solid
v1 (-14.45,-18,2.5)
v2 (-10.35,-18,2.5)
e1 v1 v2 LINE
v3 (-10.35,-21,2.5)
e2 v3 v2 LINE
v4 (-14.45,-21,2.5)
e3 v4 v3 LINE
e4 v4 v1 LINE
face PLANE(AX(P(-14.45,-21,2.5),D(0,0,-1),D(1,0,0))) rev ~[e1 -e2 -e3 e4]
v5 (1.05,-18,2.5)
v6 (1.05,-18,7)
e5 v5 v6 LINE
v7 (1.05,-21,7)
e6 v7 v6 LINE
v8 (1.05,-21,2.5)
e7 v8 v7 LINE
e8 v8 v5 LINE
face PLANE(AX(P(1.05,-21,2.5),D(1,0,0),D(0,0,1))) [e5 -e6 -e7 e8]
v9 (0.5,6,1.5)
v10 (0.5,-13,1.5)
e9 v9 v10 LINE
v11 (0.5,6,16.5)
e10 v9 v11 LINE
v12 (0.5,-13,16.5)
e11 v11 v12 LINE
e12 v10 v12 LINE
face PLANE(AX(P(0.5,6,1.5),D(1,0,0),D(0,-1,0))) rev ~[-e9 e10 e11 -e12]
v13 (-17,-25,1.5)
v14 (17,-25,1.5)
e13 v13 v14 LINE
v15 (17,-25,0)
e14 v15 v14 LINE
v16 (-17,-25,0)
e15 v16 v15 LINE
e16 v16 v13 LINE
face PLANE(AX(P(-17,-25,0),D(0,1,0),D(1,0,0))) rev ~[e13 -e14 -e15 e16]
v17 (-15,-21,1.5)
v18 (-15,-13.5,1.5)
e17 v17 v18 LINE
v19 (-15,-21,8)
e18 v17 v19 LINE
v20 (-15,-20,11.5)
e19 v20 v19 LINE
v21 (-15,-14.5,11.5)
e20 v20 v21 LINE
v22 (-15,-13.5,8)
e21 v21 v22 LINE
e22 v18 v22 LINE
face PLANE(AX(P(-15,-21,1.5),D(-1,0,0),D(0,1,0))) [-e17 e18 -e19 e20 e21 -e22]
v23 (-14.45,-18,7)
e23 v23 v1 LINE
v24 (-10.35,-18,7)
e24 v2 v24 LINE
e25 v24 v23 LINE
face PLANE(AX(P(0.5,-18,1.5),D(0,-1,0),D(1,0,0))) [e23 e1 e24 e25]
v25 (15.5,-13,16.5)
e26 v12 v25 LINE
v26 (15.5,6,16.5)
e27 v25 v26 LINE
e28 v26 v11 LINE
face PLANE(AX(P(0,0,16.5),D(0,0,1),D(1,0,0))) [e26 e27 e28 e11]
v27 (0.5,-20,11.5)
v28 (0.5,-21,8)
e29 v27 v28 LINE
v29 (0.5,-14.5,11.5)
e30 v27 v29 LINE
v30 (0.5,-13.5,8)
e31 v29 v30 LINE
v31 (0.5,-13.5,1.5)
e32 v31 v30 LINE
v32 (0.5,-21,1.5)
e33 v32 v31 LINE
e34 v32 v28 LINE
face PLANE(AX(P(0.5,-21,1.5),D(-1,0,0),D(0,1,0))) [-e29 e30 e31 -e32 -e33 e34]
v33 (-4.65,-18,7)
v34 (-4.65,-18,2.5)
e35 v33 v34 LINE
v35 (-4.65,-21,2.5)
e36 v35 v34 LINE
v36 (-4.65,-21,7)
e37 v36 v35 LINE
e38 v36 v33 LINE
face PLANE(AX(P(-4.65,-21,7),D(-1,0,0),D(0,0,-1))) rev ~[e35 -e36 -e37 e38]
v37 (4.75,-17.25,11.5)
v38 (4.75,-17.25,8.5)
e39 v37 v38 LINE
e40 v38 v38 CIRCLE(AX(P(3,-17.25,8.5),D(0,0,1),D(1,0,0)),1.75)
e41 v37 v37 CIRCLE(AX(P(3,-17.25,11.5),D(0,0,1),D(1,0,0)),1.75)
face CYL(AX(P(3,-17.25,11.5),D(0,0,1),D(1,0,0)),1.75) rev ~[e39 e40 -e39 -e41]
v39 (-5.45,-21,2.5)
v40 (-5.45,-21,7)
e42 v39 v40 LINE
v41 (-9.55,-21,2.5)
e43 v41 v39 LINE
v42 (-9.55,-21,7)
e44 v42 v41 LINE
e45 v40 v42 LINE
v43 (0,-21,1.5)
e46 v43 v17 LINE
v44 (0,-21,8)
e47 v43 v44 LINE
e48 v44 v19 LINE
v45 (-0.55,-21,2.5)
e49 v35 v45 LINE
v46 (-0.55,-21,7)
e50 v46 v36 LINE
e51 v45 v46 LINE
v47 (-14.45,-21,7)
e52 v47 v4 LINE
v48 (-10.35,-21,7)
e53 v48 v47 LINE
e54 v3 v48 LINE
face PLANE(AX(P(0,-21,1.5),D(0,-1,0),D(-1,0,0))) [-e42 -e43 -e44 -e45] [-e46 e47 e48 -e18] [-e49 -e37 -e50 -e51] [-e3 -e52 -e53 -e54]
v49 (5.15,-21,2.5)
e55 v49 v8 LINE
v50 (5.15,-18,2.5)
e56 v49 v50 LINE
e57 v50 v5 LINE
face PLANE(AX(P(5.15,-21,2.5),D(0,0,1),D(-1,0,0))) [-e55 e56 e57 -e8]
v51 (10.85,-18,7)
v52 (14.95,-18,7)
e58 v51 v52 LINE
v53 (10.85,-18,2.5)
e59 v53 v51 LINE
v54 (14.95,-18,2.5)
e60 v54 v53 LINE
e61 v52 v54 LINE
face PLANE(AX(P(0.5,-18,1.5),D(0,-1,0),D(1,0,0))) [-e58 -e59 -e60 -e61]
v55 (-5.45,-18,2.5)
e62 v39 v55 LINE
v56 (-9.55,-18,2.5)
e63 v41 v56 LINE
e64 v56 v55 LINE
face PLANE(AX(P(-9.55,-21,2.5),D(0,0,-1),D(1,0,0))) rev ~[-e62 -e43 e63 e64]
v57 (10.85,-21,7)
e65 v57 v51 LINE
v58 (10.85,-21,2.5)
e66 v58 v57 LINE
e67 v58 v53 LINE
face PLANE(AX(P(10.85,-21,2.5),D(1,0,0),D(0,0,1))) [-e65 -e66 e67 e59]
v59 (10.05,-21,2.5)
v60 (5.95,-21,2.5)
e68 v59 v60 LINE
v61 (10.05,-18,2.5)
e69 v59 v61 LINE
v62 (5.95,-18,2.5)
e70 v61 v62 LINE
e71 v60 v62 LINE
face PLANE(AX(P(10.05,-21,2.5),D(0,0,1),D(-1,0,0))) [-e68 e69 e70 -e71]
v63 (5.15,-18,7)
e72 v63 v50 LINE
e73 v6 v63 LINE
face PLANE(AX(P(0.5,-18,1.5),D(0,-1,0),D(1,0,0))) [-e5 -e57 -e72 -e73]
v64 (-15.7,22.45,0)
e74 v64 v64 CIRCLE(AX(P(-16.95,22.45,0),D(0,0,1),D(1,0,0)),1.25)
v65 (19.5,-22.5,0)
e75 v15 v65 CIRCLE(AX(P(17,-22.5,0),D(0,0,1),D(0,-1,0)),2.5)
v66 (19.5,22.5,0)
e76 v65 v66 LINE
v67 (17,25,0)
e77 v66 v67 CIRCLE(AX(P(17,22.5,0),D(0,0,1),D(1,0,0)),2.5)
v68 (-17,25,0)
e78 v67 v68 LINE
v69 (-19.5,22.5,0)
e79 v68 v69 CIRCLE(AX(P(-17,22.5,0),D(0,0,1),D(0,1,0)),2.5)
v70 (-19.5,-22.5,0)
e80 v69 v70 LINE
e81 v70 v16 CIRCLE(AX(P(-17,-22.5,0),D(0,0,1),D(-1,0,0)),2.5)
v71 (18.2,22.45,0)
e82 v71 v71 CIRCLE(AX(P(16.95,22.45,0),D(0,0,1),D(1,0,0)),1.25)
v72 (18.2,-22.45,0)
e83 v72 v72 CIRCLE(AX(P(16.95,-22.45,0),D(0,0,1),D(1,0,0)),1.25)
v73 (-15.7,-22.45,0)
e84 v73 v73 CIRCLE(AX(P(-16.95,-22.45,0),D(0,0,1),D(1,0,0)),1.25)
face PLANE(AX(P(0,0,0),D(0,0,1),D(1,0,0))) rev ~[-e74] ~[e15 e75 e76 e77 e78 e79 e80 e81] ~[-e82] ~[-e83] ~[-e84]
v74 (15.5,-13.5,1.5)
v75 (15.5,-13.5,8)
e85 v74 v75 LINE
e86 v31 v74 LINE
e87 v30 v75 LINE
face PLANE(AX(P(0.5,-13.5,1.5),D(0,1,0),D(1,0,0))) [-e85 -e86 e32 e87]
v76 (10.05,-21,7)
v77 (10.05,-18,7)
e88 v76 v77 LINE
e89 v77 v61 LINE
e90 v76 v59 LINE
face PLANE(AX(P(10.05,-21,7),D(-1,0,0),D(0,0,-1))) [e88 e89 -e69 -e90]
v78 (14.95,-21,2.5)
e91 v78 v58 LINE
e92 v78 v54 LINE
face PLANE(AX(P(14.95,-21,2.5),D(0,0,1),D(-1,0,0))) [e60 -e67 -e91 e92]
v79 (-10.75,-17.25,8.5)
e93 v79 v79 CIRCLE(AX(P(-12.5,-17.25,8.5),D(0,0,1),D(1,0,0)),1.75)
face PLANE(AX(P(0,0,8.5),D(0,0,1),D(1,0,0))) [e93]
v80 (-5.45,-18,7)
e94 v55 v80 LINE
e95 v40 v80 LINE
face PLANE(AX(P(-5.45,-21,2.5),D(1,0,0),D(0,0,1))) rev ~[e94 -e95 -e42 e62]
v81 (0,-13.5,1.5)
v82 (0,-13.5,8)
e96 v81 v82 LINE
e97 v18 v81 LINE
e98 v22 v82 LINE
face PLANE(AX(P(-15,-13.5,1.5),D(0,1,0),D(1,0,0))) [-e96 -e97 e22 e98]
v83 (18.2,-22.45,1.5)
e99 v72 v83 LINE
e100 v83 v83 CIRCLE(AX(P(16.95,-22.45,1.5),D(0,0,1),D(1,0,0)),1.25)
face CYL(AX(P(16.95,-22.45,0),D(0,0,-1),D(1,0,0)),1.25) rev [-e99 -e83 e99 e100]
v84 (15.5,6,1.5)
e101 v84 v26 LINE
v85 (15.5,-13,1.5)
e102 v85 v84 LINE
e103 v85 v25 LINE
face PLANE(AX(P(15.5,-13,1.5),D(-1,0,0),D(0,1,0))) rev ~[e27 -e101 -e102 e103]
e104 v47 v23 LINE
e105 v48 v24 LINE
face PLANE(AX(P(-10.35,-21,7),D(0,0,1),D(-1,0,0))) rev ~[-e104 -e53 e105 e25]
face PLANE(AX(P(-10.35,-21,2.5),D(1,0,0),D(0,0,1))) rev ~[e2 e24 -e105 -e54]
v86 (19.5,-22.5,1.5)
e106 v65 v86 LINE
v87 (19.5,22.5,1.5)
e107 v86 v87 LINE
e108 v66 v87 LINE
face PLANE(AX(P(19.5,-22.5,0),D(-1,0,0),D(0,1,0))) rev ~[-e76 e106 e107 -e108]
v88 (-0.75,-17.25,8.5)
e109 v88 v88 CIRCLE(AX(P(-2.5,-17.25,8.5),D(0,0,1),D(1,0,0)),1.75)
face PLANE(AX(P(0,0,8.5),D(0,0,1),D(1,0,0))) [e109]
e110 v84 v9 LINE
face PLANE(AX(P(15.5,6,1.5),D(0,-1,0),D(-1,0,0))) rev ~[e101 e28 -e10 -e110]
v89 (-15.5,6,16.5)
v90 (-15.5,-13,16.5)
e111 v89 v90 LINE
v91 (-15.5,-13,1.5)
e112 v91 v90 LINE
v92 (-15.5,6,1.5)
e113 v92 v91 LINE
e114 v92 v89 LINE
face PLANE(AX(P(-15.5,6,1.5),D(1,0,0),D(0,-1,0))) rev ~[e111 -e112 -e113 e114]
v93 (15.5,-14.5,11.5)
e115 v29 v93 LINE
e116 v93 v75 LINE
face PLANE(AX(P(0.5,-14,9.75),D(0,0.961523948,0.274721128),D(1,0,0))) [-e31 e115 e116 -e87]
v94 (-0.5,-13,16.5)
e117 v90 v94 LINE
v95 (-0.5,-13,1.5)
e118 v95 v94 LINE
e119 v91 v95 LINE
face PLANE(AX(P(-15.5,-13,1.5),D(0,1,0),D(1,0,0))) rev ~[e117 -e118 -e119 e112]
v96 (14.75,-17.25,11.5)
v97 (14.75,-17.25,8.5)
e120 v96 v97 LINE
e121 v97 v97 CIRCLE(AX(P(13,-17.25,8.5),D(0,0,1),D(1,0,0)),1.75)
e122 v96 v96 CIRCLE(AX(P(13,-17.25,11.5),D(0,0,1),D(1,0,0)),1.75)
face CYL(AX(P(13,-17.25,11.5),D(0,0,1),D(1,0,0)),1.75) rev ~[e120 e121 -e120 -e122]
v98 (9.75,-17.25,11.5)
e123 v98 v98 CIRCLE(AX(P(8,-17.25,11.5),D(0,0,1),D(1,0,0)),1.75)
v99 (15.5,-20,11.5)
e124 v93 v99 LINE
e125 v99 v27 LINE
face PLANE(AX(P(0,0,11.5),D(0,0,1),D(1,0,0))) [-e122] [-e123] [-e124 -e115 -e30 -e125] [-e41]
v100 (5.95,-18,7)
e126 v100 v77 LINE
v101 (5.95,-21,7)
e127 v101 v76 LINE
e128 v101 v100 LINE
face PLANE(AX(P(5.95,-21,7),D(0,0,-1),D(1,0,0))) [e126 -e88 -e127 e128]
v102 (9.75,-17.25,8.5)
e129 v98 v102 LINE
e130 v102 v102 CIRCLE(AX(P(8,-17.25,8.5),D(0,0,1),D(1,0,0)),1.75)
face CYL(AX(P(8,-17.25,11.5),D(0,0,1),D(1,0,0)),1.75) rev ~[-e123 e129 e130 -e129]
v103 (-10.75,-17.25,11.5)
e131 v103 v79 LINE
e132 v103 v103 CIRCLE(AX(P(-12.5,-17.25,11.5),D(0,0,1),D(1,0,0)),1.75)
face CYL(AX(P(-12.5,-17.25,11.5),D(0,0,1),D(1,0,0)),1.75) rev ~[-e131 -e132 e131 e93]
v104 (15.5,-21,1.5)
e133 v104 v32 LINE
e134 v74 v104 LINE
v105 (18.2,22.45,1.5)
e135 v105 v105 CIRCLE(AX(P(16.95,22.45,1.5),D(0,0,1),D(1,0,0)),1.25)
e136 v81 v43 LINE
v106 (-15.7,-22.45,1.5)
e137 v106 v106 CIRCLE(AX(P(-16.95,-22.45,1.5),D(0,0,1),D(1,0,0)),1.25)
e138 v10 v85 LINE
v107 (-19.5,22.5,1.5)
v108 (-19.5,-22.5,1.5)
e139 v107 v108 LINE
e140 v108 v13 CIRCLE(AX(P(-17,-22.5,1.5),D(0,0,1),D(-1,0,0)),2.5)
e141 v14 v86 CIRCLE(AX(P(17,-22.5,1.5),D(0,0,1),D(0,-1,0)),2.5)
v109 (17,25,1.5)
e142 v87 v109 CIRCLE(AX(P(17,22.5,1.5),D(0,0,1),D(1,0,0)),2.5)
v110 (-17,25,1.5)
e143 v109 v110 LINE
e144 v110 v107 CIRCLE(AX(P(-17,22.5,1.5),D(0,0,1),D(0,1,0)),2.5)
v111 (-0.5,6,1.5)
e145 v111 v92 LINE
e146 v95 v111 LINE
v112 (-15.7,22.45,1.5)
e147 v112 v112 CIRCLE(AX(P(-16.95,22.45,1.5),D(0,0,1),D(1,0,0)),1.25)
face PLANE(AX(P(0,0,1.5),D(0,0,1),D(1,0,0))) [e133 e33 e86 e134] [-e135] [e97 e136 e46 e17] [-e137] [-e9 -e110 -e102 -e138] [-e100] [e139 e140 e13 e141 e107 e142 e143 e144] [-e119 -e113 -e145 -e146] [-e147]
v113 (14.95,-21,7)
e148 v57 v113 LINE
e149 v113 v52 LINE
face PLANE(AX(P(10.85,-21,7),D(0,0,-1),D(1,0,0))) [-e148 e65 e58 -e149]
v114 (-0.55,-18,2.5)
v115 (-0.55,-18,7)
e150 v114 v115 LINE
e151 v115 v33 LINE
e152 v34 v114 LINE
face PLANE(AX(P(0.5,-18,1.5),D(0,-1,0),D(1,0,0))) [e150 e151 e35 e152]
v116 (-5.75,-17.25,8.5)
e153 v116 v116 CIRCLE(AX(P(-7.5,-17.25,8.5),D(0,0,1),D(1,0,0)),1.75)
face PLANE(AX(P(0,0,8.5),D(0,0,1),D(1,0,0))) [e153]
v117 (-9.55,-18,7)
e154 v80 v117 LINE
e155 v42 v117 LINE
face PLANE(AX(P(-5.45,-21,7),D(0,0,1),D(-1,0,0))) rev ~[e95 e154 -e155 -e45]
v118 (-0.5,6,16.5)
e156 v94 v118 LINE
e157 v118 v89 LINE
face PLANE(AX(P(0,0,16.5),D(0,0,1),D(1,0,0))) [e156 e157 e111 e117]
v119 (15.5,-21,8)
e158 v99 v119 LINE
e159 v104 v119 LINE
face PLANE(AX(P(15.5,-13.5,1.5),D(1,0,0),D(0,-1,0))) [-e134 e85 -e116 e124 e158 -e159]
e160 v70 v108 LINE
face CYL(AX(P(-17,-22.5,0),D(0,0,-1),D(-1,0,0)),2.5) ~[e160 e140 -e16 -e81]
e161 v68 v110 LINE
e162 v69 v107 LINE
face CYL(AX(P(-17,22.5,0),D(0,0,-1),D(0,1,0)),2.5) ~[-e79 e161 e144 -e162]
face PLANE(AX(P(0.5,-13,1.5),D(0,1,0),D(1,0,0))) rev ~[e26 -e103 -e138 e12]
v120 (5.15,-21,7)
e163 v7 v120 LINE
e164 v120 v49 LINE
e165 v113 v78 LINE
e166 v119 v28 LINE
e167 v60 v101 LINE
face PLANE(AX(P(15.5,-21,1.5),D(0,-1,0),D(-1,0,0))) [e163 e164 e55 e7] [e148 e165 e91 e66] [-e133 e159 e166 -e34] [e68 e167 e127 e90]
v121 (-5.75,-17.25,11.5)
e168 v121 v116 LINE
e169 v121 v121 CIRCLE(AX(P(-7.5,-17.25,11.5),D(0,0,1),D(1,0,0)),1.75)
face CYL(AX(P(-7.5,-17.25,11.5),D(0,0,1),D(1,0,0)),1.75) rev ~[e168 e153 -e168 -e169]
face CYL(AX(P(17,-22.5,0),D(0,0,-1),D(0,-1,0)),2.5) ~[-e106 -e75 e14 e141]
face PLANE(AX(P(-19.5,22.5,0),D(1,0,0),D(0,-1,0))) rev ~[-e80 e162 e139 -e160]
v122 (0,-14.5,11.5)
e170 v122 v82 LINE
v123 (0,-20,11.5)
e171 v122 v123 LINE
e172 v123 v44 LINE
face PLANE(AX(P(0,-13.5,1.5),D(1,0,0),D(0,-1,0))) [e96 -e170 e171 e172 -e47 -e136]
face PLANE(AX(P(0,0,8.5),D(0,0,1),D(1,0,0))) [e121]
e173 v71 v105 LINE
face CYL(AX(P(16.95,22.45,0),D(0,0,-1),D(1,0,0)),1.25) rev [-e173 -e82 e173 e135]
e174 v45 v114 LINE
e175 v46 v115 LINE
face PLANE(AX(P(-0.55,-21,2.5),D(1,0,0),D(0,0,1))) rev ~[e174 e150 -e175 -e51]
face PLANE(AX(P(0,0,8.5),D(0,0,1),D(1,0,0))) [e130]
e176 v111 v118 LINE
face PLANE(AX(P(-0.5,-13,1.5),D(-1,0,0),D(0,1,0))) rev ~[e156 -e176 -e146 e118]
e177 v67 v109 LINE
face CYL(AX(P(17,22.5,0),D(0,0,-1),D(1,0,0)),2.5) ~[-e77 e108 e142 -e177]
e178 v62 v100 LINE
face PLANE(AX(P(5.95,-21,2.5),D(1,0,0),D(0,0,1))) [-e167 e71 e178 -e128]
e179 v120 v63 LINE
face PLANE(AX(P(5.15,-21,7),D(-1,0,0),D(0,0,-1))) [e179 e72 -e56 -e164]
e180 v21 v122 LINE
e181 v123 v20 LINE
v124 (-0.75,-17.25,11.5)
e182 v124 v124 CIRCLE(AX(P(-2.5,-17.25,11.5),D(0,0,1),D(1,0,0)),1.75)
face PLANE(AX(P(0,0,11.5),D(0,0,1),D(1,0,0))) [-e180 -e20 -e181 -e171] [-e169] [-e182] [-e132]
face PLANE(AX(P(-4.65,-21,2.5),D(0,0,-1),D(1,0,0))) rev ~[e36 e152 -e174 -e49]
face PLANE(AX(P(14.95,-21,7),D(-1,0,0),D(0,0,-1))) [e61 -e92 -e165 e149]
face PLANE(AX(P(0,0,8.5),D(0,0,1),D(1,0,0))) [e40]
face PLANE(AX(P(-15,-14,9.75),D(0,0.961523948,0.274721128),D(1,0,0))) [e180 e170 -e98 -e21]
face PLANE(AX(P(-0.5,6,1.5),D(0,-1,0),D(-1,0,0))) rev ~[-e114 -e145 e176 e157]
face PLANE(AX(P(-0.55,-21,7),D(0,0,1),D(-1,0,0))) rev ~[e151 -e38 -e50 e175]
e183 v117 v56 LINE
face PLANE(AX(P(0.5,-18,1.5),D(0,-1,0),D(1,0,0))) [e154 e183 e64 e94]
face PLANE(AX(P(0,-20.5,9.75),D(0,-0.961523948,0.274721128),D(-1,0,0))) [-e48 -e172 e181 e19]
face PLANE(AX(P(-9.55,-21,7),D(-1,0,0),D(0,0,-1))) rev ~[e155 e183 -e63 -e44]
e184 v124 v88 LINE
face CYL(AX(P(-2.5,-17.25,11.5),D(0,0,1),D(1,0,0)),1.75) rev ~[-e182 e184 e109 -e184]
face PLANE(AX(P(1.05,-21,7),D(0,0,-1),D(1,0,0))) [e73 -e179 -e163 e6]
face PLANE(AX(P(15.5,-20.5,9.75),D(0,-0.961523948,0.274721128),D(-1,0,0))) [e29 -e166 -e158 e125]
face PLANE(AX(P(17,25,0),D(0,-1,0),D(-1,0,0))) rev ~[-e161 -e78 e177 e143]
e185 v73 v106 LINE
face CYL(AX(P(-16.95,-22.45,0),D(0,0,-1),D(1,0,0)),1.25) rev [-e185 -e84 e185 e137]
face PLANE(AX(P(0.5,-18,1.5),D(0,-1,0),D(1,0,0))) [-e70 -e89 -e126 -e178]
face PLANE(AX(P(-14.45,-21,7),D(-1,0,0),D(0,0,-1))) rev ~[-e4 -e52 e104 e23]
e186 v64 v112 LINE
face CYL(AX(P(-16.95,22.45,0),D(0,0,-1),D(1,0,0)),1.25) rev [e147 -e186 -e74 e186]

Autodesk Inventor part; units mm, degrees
ref_plane "YZ Plane" through (0, 0, 0) normal (1, 0, 0) x (0, 1, 0)
ref_plane "XZ Plane" through (0, 0, 0) normal (0, 1, 0) x (-1, 0, 0)
ref_plane "XY Plane" through (0, 0, 0) normal (0, 0, 1) x (1, 0, 0)
sketch "Sketch1" plane through (0, 0, 0) normal (0, 0, 1) x (1, 0, 0)
  line L0 (-17, -25) -> (17, -25)
  line L1 (19.5, -22.5) -> (19.5, 22.5)
  line L2 (17, 25) -> (-17, 25)
  line L3 (-19.5, 22.5) -> (-19.5, -22.5)
  line L4 (19.5, -25) -> (-19.5, 25) construction
  circle A0 centre (16.95, -22.45) radius 1.25
  arc A1 (17, -25) -> (19.5, -22.5) centre (17, -22.5) ccw
  circle A2 centre (-16.95, -22.45) radius 1.25
  circle A3 centre (-16.95, 22.45) radius 1.25
  circle A4 centre (16.95, 22.45) radius 1.25
  arc A5 (19.5, 22.5) -> (17, 25) centre (17, 22.5) ccw
  arc A6 (-17, 25) -> (-19.5, 22.5) centre (-17, 22.5) ccw
  arc A7 (-19.5, -22.5) -> (-17, -25) centre (-17, -22.5) ccw
  point P0 (0, 0)
  point P1 (-19.5, -25)
  point P2 (19.5, 25)
  point P3 (0, 0)
  dimension "d0" = 50
  dimension "d1" = 39
  dimension "d2" = 2.5
  dimension "d3" = 2.55
  dimension "d4" = 2.55
  dimension "d5" = 2.5
  dimension "d6" = 2.5
  dimension "d7" = 2.5
  dimension "d8" = 2.5
  dimension "d9" = 2.55
  dimension "d10" = 2.55
  dimension "d11" = 2.55
  dimension "d12" = 2.55
  dimension "d13" = 2.55
  dimension "d14" = 2.55
  dimension "d15" = 2.5
extrude "Extrusion1" add sketch "Sketch1" along normal blind 1.5
sketch "Sketch2" plane through (0, 0, 1.5) normal (0, 0, 1) x (1, 0, 0)
  line L0 (0.5, -13) -> (15.5, -13)
  line L1 (15.5, -13) -> (15.5, 6)
  line L2 (15.5, 6) -> (0.5, 6)
  line L3 (0.5, 6) -> (0.5, -13)
  line L4 (-15.5, -13) -> (-0.5, -13)
  line L5 (-0.5, -13) -> (-0.5, 6)
  line L6 (-0.5, 6) -> (-15.5, 6)
  line L7 (-15.5, 6) -> (-15.5, -13)
  line L8 (19.5, -22.5) -> (19.5, 22.5) projected
  line L9 (-19.5, 22.5) -> (-19.5, -22.5) projected
  line L10 (-17, -25) -> (17, -25) projected
  point P0 (0, 0)
  dimension "d18" = 15
  dimension "d19" = 19
  dimension "d22" = 16
  dimension "d27" = 4
  dimension "d28" = 39
  dimension "d29" = 12
extrude "Extrusion2" add sketch "Sketch2" along normal blind 15
sketch "Sketch3" plane through (0, 0, 1.5) normal (0, 0, 1) x (1, 0, 0)
  line L0 (0, -21) -> (-15, -21)
  line L1 (-15, -21) -> (-15, -13.5)
  line L2 (-15, -13.5) -> (0, -13.5)
  line L3 (0, -13.5) -> (0, -21)
  line L4 (-15.5, -13) -> (-0.5, -13) projected
  line L5 (-15.5, 6) -> (-15.5, -13) projected
  line L6 (15.5, -21) -> (0.5, -21)
  line L7 (0.5, -21) -> (0.5, -13.5)
  line L8 (0.5, -13.5) -> (15.5, -13.5)
  line L9 (15.5, -13.5) -> (15.5, -21)
  line L10 (0.5, -13) -> (15.5, -13) projected
  point P0 (0, 0)
  dimension "d32" = 15
  dimension "d33" = 7.5
  dimension "d34" = 0.5
  dimension "d35" = 0.5
  dimension "d36" = 15
  dimension "d37" = 7.5
  dimension "d38" = 0.5
  dimension "d39" = 0.5
extrude "Extrusion3" add sketch "Sketch3" along normal blind 10
chamfer "Chamfer1" distance 1 distance2 3.5 1 edges at (8, -21, 11.5) measured on face at (10.5, -18.5, 11.5)
chamfer "Chamfer2" distance 1 distance2 3.5 1 edges at (8, -13.5, 11.5) measured on face at (10.5, -17.8333, 11.5)
chamfer "Chamfer3" distance 1 distance2 3.5 1 edges at (-7.5, -13.5, 11.5) measured on face at (-5, -18.5, 11.5)
chamfer "Chamfer4" distance 1 distance2 3.5 1 edges at (-7.5, -21, 11.5) measured on face at (-5, -18.8333, 11.5)
sketch "Sketch4" plane through (0, 0, 11.5) normal (0, 0, 1) x (1, 0, 0)
  line L0 (0.5, -14.5) -> (0.5, -20) projected
  line L1 (0, -20) -> (0, -14.5) projected
  line L2 (0.25, -35.642) -> (0.25, -29.5385) construction
  circle A0 centre (-12.5, -17.25) radius 1.75
  line L3 (-15, -14.5) -> (-15, -20) projected
  line L4 (-15, -14.5) -> (0, -14.5) projected
  line L5 (0, -20) -> (-15, -20) projected
  circle A1 centre (-7.5, -17.25) radius 1.75
  circle A2 centre (-2.5, -17.25) radius 1.75
  circle A3 centre (13, -17.25) radius 1.75
  circle A4 centre (8, -17.25) radius 1.75
  circle A5 centre (3, -17.25) radius 1.75
  point P0 (0, 0)
  dimension "d54" = 0.5
  dimension "d55" = 0.25
  dimension "d56" = 3.5
  dimension "d57" = 2.5
  dimension "d58" = 5.5
  dimension "d59" = 2.75
  dimension "d62" = 5
extrude "Extrusion4" cut sketch "Sketch4" against normal blind 3 contours A0 | A1 | A2 | A3 | A4 | A5
sketch "Sketch5" plane through (0.5, -21, 1.5) normal (0, -1, 0) x (1, 0, 0)
  line L0 (0.55, 5.5) -> (4.65, 5.5)
  line L1 (4.65, 5.5) -> (4.65, 1)
  line L2 (4.65, 1) -> (0.55, 1)
  line L3 (0.55, 1) -> (0.55, 5.5)
  line L4 (15, 10) -> (0, 10) projected
  line L5 (0, 0) -> (0, 6.5) projected
  line L6 (5.45, 1) -> (5.45, 5.5)
  line L7 (5.45, 5.5) -> (9.55, 5.5)
  line L8 (9.55, 1) -> (5.45, 1)
  line L9 (9.55, 5.5) -> (9.55, 1)
  line L10 (10.35, 1) -> (10.35, 5.5)
  line L11 (10.35, 5.5) -> (14.45, 5.5)
  line L12 (14.45, 1) -> (10.35, 1)
  line L13 (14.45, 5.5) -> (14.45, 1)
  line L14 (15, 0) -> (15, 6.5) projected
  line L15 (-0.5, 0) -> (-0.5, 6.5) projected
  line L16 (-0.25, -5.4551) -> (-0.25, -7.5555) construction
  line L17 (-1.05, 5.5) -> (-5.15, 5.5)
  line L18 (-5.15, 5.5) -> (-5.15, 1)
  line L19 (-5.15, 1) -> (-1.05, 1)
  line L20 (-1.05, 1) -> (-1.05, 5.5)
  line L21 (-5.95, 1) -> (-5.95, 5.5)
  line L22 (-5.95, 5.5) -> (-10.05, 5.5)
  line L23 (-10.05, 1) -> (-5.95, 1)
  line L24 (-10.05, 5.5) -> (-10.05, 1)
  line L25 (-10.85, 1) -> (-10.85, 5.5)
  line L26 (-10.85, 5.5) -> (-14.95, 5.5)
  line L27 (-14.95, 1) -> (-10.85, 1)
  line L28 (-14.95, 5.5) -> (-14.95, 1)
  point P0 (-0.5, -1.5)
  dimension "d71" = 4.1
  dimension "d72" = 4.5
  dimension "d73" = 4.5
  dimension "d74" = 0.55
  dimension "d77" = 4.9
  dimension "d85" = 0.5
  dimension "d86" = 0.25
extrude "Extrusion5" cut sketch "Sketch5" against normal blind 3
equation "\"d4\" = d3"
equation "\"d5\" = d2"
equation "\"d6\" = d2"
equation "\"d7\" = d2"
equation "\"d8\" = d2"
equation "\"d9\" = d3"
equation "\"d10\" = d3"
equation "\"d11\" = d3"
equation "\"d12\" = d3"
equation "\"d13\" = d3"
equation "\"d14\" = d3"
equation "\"d15\" = d2"
equation "\"d27\" = -0.5 * d22 + 0.5 * d28 - 0.5 * d18"
equation "\"d39\" = d34"
equation "\"d55\" = 0.5 * d54"
equation "\"d59\" = 0.5 * d58"
equation "\"d86\" = 0.5 * d85"
properties part number "Dual Relay w Breakout Board"
